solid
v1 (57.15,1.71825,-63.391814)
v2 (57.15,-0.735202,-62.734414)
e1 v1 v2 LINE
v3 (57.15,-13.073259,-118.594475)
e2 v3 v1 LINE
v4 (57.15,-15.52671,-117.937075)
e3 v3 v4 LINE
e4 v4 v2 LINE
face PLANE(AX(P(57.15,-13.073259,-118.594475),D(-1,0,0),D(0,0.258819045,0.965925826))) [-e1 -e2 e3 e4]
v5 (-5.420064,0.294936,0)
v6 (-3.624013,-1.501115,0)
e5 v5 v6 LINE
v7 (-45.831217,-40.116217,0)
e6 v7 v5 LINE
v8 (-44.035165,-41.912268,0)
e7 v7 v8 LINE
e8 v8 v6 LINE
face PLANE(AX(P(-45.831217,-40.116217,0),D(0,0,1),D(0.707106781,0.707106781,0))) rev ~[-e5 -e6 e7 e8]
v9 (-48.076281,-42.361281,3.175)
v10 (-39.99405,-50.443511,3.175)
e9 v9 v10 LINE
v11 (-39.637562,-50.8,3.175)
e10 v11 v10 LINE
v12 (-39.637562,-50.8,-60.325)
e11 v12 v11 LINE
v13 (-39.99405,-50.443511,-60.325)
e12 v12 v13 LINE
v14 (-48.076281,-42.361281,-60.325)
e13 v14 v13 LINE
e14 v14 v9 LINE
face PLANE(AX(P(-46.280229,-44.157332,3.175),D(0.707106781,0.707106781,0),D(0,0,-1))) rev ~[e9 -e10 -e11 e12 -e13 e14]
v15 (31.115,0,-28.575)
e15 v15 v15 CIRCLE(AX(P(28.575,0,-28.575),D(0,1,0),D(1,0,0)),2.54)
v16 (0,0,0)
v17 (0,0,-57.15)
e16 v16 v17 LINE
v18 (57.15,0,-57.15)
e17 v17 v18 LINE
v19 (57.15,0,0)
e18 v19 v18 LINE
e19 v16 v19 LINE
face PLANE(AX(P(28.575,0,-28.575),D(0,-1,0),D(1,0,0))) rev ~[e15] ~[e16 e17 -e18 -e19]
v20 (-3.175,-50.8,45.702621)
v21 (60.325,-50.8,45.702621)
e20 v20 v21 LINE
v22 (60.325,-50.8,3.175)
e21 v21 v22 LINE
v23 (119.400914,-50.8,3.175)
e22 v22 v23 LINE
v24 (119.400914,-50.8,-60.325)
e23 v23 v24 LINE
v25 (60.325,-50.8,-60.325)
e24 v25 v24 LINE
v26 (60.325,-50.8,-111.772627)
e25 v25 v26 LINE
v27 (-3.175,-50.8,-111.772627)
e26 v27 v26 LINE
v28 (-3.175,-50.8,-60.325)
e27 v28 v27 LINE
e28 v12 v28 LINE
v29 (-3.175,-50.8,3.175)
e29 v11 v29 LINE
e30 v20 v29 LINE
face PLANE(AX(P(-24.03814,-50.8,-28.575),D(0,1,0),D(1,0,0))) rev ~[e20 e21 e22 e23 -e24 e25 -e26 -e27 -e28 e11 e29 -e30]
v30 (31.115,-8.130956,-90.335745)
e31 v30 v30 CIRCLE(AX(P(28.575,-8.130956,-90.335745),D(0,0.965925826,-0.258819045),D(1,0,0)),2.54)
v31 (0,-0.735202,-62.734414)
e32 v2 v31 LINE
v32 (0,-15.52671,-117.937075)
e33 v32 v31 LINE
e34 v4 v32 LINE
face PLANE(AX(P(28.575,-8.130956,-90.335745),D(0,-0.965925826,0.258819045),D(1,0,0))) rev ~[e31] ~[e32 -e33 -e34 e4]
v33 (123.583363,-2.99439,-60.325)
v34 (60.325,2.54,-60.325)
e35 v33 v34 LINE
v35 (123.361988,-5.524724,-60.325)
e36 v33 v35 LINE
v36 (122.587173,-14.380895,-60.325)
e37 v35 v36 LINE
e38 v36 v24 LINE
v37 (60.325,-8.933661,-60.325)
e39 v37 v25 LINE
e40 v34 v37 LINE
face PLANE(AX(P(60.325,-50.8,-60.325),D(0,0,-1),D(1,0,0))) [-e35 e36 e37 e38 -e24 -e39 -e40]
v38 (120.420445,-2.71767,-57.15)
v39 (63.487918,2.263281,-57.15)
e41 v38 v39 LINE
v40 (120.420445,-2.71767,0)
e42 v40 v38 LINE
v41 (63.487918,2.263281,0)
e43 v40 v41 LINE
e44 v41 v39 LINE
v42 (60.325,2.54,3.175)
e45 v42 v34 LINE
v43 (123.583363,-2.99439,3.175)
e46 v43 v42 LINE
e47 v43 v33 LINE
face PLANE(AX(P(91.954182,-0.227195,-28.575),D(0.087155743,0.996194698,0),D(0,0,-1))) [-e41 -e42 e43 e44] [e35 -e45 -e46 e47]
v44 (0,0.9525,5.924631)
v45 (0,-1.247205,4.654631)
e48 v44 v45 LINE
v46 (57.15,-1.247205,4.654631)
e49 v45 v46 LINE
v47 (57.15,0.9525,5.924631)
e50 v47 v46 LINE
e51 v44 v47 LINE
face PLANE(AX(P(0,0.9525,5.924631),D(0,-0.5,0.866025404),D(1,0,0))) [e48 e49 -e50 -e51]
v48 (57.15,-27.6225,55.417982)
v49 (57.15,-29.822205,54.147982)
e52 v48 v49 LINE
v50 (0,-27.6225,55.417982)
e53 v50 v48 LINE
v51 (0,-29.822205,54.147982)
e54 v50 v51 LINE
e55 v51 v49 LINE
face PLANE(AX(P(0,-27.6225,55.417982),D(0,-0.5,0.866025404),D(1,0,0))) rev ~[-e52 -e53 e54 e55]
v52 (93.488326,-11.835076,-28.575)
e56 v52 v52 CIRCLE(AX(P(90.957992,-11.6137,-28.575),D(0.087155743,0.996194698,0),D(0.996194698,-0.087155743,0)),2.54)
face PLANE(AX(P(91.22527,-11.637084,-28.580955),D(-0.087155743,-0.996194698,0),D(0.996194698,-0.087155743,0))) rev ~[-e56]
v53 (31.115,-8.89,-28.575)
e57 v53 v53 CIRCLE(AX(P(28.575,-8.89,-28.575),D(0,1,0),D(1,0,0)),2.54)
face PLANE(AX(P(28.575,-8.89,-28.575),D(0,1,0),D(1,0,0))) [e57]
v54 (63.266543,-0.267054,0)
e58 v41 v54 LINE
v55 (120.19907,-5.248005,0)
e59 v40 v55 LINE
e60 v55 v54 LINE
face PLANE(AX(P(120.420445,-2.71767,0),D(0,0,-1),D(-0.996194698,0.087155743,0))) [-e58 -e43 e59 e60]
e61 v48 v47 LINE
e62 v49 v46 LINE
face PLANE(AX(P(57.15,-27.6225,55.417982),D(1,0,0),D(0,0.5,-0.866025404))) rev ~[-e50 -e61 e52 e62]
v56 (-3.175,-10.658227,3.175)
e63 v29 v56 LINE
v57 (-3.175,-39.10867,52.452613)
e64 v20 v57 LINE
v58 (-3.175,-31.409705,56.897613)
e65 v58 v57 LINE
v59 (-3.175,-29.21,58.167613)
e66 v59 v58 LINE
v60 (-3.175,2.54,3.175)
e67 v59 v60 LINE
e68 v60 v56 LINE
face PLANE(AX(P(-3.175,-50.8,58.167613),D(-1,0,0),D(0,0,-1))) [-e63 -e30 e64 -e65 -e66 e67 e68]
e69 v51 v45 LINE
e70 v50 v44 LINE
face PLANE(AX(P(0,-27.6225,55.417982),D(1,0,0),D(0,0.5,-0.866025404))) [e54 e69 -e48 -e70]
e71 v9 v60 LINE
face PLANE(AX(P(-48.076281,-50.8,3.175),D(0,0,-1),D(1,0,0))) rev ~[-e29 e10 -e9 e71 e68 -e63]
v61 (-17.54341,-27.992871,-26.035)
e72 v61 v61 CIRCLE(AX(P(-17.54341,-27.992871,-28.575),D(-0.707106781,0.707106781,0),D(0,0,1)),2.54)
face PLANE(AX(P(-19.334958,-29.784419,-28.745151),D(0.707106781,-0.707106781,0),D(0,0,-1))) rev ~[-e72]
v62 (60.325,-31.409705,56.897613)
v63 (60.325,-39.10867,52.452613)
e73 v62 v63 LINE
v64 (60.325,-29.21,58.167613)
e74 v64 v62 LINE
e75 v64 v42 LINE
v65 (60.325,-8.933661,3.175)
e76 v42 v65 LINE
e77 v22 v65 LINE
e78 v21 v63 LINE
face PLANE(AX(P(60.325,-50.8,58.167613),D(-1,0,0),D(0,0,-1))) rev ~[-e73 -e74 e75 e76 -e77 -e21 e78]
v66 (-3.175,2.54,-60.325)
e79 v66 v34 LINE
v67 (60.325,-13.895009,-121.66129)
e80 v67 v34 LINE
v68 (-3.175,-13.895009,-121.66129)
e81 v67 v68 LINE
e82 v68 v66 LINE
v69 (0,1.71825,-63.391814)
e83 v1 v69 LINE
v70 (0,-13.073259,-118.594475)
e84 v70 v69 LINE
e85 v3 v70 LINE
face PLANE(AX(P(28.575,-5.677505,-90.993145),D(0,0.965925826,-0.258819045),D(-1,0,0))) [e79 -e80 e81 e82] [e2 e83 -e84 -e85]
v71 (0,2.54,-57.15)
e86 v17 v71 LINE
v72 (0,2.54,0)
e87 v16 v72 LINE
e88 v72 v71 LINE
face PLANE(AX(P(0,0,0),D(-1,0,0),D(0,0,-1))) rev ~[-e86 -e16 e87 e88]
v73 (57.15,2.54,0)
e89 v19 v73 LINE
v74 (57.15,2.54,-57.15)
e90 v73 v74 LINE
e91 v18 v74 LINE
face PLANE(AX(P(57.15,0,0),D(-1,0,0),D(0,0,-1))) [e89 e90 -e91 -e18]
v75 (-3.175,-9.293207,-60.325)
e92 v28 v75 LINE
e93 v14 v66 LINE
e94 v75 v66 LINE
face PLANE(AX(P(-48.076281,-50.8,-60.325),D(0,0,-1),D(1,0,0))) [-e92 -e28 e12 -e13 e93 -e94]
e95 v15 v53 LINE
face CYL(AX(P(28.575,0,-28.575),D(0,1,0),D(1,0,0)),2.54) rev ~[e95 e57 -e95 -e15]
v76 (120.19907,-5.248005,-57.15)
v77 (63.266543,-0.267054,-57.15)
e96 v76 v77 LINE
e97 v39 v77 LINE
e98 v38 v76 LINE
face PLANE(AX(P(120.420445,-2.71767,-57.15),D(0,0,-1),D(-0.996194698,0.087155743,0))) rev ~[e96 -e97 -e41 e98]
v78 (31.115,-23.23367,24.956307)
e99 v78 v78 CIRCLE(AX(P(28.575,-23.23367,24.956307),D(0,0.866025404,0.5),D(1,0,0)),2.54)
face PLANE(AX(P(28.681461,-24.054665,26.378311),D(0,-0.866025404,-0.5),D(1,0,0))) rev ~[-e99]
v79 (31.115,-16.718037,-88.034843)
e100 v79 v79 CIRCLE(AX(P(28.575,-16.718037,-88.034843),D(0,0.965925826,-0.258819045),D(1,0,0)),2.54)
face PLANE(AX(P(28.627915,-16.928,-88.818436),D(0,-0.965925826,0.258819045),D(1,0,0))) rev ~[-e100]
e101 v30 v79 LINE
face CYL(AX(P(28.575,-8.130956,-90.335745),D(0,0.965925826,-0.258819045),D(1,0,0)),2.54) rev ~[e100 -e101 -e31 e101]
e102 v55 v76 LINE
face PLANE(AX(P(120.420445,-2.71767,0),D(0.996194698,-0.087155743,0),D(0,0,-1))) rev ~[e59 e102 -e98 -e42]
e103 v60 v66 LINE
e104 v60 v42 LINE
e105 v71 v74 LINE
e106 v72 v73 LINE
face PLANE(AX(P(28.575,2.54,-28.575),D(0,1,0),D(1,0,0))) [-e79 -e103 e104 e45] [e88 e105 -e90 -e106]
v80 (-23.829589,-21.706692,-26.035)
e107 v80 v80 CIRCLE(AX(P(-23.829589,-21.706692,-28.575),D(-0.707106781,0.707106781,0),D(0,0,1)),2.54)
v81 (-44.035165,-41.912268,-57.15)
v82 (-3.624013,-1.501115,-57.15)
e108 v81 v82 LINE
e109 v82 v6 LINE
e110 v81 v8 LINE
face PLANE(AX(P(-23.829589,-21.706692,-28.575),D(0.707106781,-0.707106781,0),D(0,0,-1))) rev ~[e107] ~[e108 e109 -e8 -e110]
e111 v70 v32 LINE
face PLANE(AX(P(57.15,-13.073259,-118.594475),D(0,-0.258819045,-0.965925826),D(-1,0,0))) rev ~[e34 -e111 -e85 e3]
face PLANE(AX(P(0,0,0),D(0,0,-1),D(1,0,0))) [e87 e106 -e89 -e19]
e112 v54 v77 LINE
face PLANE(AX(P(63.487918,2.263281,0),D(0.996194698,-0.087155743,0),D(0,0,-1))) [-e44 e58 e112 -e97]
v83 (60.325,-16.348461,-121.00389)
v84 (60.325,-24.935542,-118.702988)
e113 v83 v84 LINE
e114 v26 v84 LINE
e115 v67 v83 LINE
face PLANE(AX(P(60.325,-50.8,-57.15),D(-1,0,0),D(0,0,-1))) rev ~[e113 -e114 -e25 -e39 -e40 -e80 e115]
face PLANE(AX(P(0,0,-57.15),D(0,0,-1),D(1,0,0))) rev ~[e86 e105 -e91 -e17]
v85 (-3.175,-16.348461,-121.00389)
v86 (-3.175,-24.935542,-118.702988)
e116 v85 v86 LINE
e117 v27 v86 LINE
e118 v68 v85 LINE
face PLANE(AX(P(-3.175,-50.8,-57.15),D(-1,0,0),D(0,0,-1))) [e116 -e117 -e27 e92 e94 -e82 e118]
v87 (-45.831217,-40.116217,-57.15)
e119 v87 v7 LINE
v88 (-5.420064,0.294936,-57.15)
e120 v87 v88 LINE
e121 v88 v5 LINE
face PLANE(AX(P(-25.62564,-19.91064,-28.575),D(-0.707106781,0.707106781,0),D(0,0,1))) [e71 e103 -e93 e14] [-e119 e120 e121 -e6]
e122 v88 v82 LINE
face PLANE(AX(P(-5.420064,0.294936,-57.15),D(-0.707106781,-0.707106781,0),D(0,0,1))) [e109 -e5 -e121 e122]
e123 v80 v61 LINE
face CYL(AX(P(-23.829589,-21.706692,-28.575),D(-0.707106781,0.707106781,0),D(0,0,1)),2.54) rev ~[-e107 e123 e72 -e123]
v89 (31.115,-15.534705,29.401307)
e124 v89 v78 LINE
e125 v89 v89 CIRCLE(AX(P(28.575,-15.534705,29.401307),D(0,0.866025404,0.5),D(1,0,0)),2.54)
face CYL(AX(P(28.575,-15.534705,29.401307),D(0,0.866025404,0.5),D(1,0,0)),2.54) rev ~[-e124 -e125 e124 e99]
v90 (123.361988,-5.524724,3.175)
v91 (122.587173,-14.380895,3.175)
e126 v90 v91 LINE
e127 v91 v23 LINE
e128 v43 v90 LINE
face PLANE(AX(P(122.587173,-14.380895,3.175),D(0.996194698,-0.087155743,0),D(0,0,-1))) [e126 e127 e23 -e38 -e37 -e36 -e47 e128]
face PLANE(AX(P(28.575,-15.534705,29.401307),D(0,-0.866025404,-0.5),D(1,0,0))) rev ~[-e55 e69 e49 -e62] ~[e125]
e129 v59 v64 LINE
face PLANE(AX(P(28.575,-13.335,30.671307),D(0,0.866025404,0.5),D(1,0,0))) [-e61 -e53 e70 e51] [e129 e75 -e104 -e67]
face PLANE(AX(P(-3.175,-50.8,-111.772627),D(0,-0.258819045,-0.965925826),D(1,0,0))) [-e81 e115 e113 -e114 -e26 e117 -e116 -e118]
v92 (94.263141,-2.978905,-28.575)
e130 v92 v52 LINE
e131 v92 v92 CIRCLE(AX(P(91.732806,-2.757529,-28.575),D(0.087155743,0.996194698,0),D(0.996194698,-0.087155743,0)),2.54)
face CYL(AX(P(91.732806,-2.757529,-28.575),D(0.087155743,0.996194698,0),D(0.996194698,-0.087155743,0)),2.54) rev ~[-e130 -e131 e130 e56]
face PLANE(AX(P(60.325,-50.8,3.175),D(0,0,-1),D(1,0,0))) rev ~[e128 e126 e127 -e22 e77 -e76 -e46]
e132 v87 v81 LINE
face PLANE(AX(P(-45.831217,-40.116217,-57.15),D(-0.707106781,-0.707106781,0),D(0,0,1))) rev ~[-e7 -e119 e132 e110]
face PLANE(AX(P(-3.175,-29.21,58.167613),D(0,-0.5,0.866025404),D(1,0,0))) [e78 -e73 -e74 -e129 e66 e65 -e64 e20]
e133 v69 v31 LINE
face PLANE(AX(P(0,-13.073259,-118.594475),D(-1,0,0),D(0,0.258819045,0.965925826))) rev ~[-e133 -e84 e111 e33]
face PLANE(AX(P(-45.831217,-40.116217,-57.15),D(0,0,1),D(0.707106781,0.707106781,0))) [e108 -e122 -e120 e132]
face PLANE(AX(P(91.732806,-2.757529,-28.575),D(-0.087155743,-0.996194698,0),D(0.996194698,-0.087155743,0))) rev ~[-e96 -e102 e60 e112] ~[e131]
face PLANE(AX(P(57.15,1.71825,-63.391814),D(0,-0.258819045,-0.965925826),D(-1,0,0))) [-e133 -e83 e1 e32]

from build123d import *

# Parameters (mm, degrees)
SKETCH1_W            = 63.5
SKETCH1_H            = 63.5
SKETCH1_W_2          = 57.15
SKETCH1_H_2          = 57.15
BOSS_EXTRUDE1_DEPTH  = 2.54
SKETCH2_W            = 63.5
SKETCH2_H            = 63.5
BOSS_EXTRUDE2_DEPTH  = 8.89
SKETCH3_R            = 2.54
CUT_EXTRUDE1_DEPTH   = 8.89
SKETCH4_W            = 63.5
SKETCH4_H            = 63.5
SKETCH4_W_2          = 57.15
SKETCH4_H_2          = 57.15
BOSS_EXTRUDE3_DEPTH  = 2.54
SKETCH5_W            = 63.5
SKETCH5_H            = 63.5
BOSS_EXTRUDE4_DEPTH  = 8.89
SKETCH6_R            = 2.54
CUT_EXTRUDE2_DEPTH   = 8.89
SKETCH7_W            = 63.5
SKETCH7_H            = 63.5
SKETCH7_W_2          = 57.15
SKETCH7_H_2          = 57.15
BOSS_EXTRUDE5_DEPTH  = 2.54
SKETCH8_W            = 63.5
SKETCH8_H            = 63.5
BOSS_EXTRUDE6_DEPTH  = 8.89
SKETCH9_R            = 2.54
CUT_EXTRUDE3_DEPTH   = 8.89
SKETCH10_W           = 63.5
SKETCH10_H           = 63.5
SKETCH10_W_2         = 57.15
SKETCH10_H_2         = 57.15
BOSS_EXTRUDE7_DEPTH  = 2.54
SKETCH11_W           = 63.5
SKETCH11_H           = 63.5
BOSS_EXTRUDE8_DEPTH  = 8.89
SKETCH12_R           = 2.54
CUT_EXTRUDE4_DEPTH   = 8.89
SKETCH14_W           = 63.5
SKETCH14_H           = 63.5
SKETCH14_W_2         = 57.15
SKETCH14_H_2         = 57.15
BOSS_EXTRUDE10_DEPTH = 2.54
SKETCH15_W           = 63.5
SKETCH15_H           = 63.5
BOSS_EXTRUDE11_DEPTH = 8.89
SKETCH16_R           = 2.54
CUT_EXTRUDE5_DEPTH   = 8.89
BOSS_EXTRUDE12_REACH = 55.34
SKETCH18_W           = 63.258363329
SKETCH18_H           = 63.5
CUT_EXTRUDE7_REACH   = 53.155
SKETCH19_W           = 21.300485008
SKETCH19_H           = 63.5
BOSS_EXTRUDE15_REACH = 55.34
SKETCH20_W           = 63.5
SKETCH20_H           = 58.16761314
CUT_EXTRUDE8_START   = -13.499985
SKETCH21_W           = 63.5
SKETCH21_H           = 36.305948049
CUT_EXTRUDE8_DEPTH   = 13.499985
BOSS_EXTRUDE16_REACH = 55.34
SKETCH22_W           = 48.076280605
SKETCH22_H           = 63.5
CUT_EXTRUDE9_START   = -0.504151
SKETCH23_W           = 63.5
SKETCH23_H           = 4.915504187
CUT_EXTRUDE9_DEPTH   = 0.504151
BOSS_EXTRUDE18_REACH = 55.34
SKETCH24_W           = 63.5
SKETCH24_H           = 64.511289969
CUT_EXTRUDE10_START  = -26.776858
SKETCH25_W           = 63.5
SKETCH25_H           = 23.443872205
CUT_EXTRUDE10_DEPTH  = 26.776858
SKETCH26_W           = 63.5
SKETCH26_H           = 63.5
BOSS_EXTRUDE19_DEPTH = 41.91


with BuildPart() as part:
    # Sketch1 → Boss-Extrude1 (new body)
    with BuildSketch(Plane(origin=(0, 0, 0), x_dir=(1, 0, 0), z_dir=(0, 1, 0))):
        with Locations((28.575, 28.575)):
            Rectangle(SKETCH1_W, SKETCH1_H)
        with Locations((28.575, 28.575)):
            Rectangle(SKETCH1_W_2, SKETCH1_H_2, mode=Mode.SUBTRACT)
    extrude(amount=BOSS_EXTRUDE1_DEPTH)

    # Sketch2 → Boss-Extrude2 (add)
    with BuildSketch(Plane.XZ):
        with Locations((28.575, -28.575)):
            Rectangle(SKETCH2_W, SKETCH2_H)
    extrude(amount=BOSS_EXTRUDE2_DEPTH)

    # Sketch3 → Cut-Extrude1 (cut)
    with BuildSketch(Plane(origin=(0, 0, 0), x_dir=(1, 0, 0), z_dir=(0, 1, 0))):
        with Locations((28.575, 28.575)):
            Circle(SKETCH3_R)
    extrude(amount=-CUT_EXTRUDE1_DEPTH, mode=Mode.SUBTRACT)



with BuildPart() as body_2:
    # Sketch4 → Boss-Extrude3 (new body)
    with BuildSketch(Plane(origin=(0.678769335, 7.758369005, 0), x_dir=(0, 0, -1), z_dir=(0.087155743, 0.996194698, 0))):
        with Locations((28.575, -91.624069576)):
            Rectangle(SKETCH4_W, SKETCH4_H)
        with Locations((28.575, -91.624069576)):
            Rectangle(SKETCH4_W_2, SKETCH4_H_2, mode=Mode.SUBTRACT)
    extrude(amount=-BOSS_EXTRUDE3_DEPTH)

    # Sketch5 → Boss-Extrude4 (add)
    with BuildSketch(Plane(origin=(0.457393749, 5.228034472, 0), x_dir=(0.996194698, -0.087155743, 0), z_dir=(-0.087155743, -0.996194698, 0))):
        with Locations((91.624069576, -28.575)):
            Rectangle(SKETCH5_W, SKETCH5_H)
    extrude(amount=BOSS_EXTRUDE4_DEPTH)

    # Sketch6 → Cut-Extrude2 (cut)
    with BuildSketch(Plane(origin=(0.457393749, 5.228034472, 0), x_dir=(0.996194698, -0.087155743, 0), z_dir=(0.087155743, 0.996194698, 0))):
        with Locations((91.624069576, 28.575)):
            Circle(SKETCH6_R)
    extrude(amount=-CUT_EXTRUDE2_DEPTH, mode=Mode.SUBTRACT)


with BuildPart() as part_1:
    add(part.part)

    add(body_2.part)  # Boss-Extrude5 merges body 2
    # Sketch7 → Boss-Extrude5 (add)
    with BuildSketch(Plane(origin=(0, 17.451102263, -4.676008758), x_dir=(-1, 0, 0), z_dir=(0, 0.965925826, -0.258819045))):
        with Locations((-28.575, -89.362075096)):
            Rectangle(SKETCH7_W, SKETCH7_H)
        with Locations((-28.575, -89.362075096)):
            Rectangle(SKETCH7_W_2, SKETCH7_H_2, mode=Mode.SUBTRACT)
    extrude(amount=-BOSS_EXTRUDE5_DEPTH)

    # Sketch8 → Boss-Extrude6 (add)
    with BuildSketch(Plane(origin=(0, 14.997650664, -4.018608384), x_dir=(1, 0, 0), z_dir=(0, -0.965925826, 0.258819045))):
        with Locations((28.575, -89.362075096)):
            Rectangle(SKETCH8_W, SKETCH8_H)
    extrude(amount=BOSS_EXTRUDE6_DEPTH)

    # Sketch9 → Cut-Extrude3 (cut)
    with BuildSketch(Plane(origin=(0, 14.997650664, -4.018608384), x_dir=(1, 0, 0), z_dir=(0, 0.965925826, -0.258819045))):
        with Locations((28.575, 89.362075096)):
            Circle(SKETCH9_R)
    extrude(amount=-CUT_EXTRUDE3_DEPTH, mode=Mode.SUBTRACT)

    # Sketch10 → Boss-Extrude7 (add)
    with BuildSketch(Plane(origin=(0, 3.279815329, 1.893602263), x_dir=(1, 0, 0), z_dir=(0, 0.866025404, 0.5))):
        with Locations((28.575, -33.229630657)):
            Rectangle(SKETCH10_W, SKETCH10_H)
        with Locations((28.575, -33.229630657)):
            Rectangle(SKETCH10_W_2, SKETCH10_H_2, mode=Mode.SUBTRACT)
    extrude(amount=-BOSS_EXTRUDE7_DEPTH)

    # Sketch11 → Boss-Extrude8 (add)
    with BuildSketch(Plane(origin=(0, 1.080110803, 0.623602263), x_dir=(1, 0, 0), z_dir=(0, -0.866025404, -0.5))):
        with Locations((28.575, 33.229630657)):
            Rectangle(SKETCH11_W, SKETCH11_H)
    extrude(amount=BOSS_EXTRUDE8_DEPTH)

    # Sketch12 → Cut-Extrude4 (cut)
    with BuildSketch(Plane(origin=(0, 1.080110803, 0.623602263), x_dir=(1, 0, 0), z_dir=(0, 0.866025404, 0.5))):
        with Locations((28.575, -33.229630657)):
            Circle(SKETCH12_R)
    extrude(amount=-CUT_EXTRUDE4_DEPTH, mode=Mode.SUBTRACT)

    # Sketch14 → Boss-Extrude10 (add)
    with BuildSketch(Plane(origin=(-2.8575, 2.8575, 0), x_dir=(0, 0, 1), z_dir=(-0.707106781, 0.707106781, 0))):
        with Locations((-28.575, -32.199012806)):
            Rectangle(SKETCH14_W, SKETCH14_H)
        with Locations((-28.575, -32.199012806)):
            Rectangle(SKETCH14_W_2, SKETCH14_H_2, mode=Mode.SUBTRACT)
    extrude(amount=-BOSS_EXTRUDE10_DEPTH)

    # Sketch15 → Boss-Extrude11 (add)
    with BuildSketch(Plane(origin=(-1.061448776, 1.061448776, 0), x_dir=(0, 0, -1), z_dir=(0.707106781, -0.707106781, 0))):
        with Locations((28.575, -32.199012806)):
            Rectangle(SKETCH15_W, SKETCH15_H)
    extrude(amount=BOSS_EXTRUDE11_DEPTH)

    # Sketch16 → Cut-Extrude5 (cut)
    with BuildSketch(Plane(origin=(-1.061448776, 1.061448776, 0), x_dir=(0, 0, 1), z_dir=(-0.707106781, 0.707106781, 0))):
        with Locations((-28.575, -32.199012806)):
            Circle(SKETCH16_R)
    extrude(amount=-CUT_EXTRUDE5_DEPTH, mode=Mode.SUBTRACT)

    # Boss-Extrude12: up to this face of the body (flat: up to its plane)
    boss_extrude12_end = Plane(part_1.part.faces().sort_by_distance((60.351110962, -8.935945156, -58.051047878))[0])
    # Sketch18 → Boss-Extrude12 (add, up to the picked face)
    with BuildSketch(Plane(origin=(0, -50.8, 0), x_dir=(1, 0, 0), z_dir=(0, 1, 0)), mode=Mode.PRIVATE) as boss_extrude12_sk1:
        with Locations((91.954181664, 28.575)):
            Rectangle(SKETCH18_W, SKETCH18_H)
    boss_extrude12_tool1 = split(extrude(boss_extrude12_sk1.sketch, amount=BOSS_EXTRUDE12_REACH, mode=Mode.PRIVATE), bisect_by=boss_extrude12_end, keep=Keep.BOTH, mode=Mode.PRIVATE)
    add(boss_extrude12_tool1.solids().sort_by_distance((91.954182, -50.8, -28.575))[0])

    # Cut-Extrude7: up to this face of the body (flat: up to its plane)
    cut_extrude7_end = Plane(part_1.part.faces().sort_by_distance((91.954181664, -50.8, -28.575))[0])
    # Sketch19 → Cut-Extrude7 (cut, up to the picked face)
    with BuildSketch(Plane(origin=(-0.317420804, -3.628136394, 0), x_dir=(0.996194698, -0.087155743, 0), z_dir=(0.087155743, 0.996194698, 0)), mode=Mode.PRIVATE) as cut_extrude7_sk1:
        with Locations((134.02431208, 28.575)):
            Rectangle(SKETCH19_W, SKETCH19_H)
    cut_extrude7_tool1 = split(extrude(cut_extrude7_sk1.sketch, amount=-CUT_EXTRUDE7_REACH, mode=Mode.PRIVATE), bisect_by=cut_extrude7_end, keep=Keep.BOTH, mode=Mode.PRIVATE)
    add(cut_extrude7_tool1.solids().sort_by_distance((133.196888, -15.309125, -28.575))[0], mode=Mode.SUBTRACT)

    # Boss-Extrude15: up to this face of the body (flat: up to its plane)
    boss_extrude15_end = Plane(part_1.part.faces().sort_by_distance((-1.691883068, -11.096545593, 3.934189806))[0])
    # Sketch20 → Boss-Extrude15 (add, up to the picked face)
    with BuildSketch(Plane(origin=(0, -50.8, 0), x_dir=(1, 0, 0), z_dir=(0, 1, 0)), mode=Mode.PRIVATE) as boss_extrude15_sk1:
        with Locations((28.575, -29.08380657)):
            Rectangle(SKETCH20_W, SKETCH20_H)
    boss_extrude15_tool1 = split(extrude(boss_extrude15_sk1.sketch, amount=BOSS_EXTRUDE15_REACH, mode=Mode.PRIVATE), bisect_by=boss_extrude15_end, keep=Keep.BOTH, mode=Mode.PRIVATE)
    add(boss_extrude15_tool1.solids().sort_by_distance((28.575, -50.8, 29.083807))[0])

    # Sketch21 → Cut-Extrude8 (cut)
    with BuildSketch(Plane(origin=(0, -6.618855037, -3.821397737), x_dir=(1, 0, 0), z_dir=(0, 0.866025404, 0.5)).offset(CUT_EXTRUDE8_START)):
        with Locations((28.575, -83.132604681)):
            Rectangle(SKETCH21_W, SKETCH21_H)
    extrude(amount=CUT_EXTRUDE8_DEPTH, mode=Mode.SUBTRACT)

    # Boss-Extrude16: up to this face of the body (flat: up to its plane)
    boss_extrude16_end = Plane(part_1.part.faces().sort_by_distance((-3.786785852, -14.23624687, 1.5875))[0])
    # Sketch22 → Boss-Extrude16 (add, up to the picked face)
    with BuildSketch(Plane(origin=(0, -50.8, 0), x_dir=(1, 0, 0), z_dir=(0, 1, 0)), mode=Mode.PRIVATE) as boss_extrude16_sk1:
        with Locations((-24.038140303, 28.575)):
            Rectangle(SKETCH22_W, SKETCH22_H)
    boss_extrude16_tool1 = split(extrude(boss_extrude16_sk1.sketch, amount=BOSS_EXTRUDE16_REACH, mode=Mode.PRIVATE), bisect_by=boss_extrude16_end, keep=Keep.BOTH, mode=Mode.PRIVATE)
    add(boss_extrude16_tool1.solids().sort_by_distance((-24.03814, -50.8, -28.575))[0])

    # Sketch23 → Cut-Extrude9 (cut)
    with BuildSketch(Plane(origin=(5.224730509, -5.224730509, 0), x_dir=(0, 0, 1), z_dir=(-0.707106781, 0.707106781, 0)).offset(CUT_EXTRUDE9_START)):
        with Locations((-28.575, -66.4067649)):
            Rectangle(SKETCH23_W, SKETCH23_H)
    extrude(amount=CUT_EXTRUDE9_DEPTH, mode=Mode.SUBTRACT)

    # Boss-Extrude18: up to this face of the body (flat: up to its plane)
    boss_extrude18_end = Plane(part_1.part.faces().sort_by_distance((-1.009372862, -9.522895431, -61.182209856))[0])
    # Sketch24 → Boss-Extrude18 (add, up to the picked face)
    with BuildSketch(Plane(origin=(0, -50.8, 0), x_dir=(1, 0, 0), z_dir=(0, 1, 0)), mode=Mode.PRIVATE) as boss_extrude18_sk1:
        with Locations((28.575, 89.405644985)):
            Rectangle(SKETCH24_W, SKETCH24_H)
    boss_extrude18_tool1 = split(extrude(boss_extrude18_sk1.sketch, amount=BOSS_EXTRUDE18_REACH, mode=Mode.PRIVATE), bisect_by=boss_extrude18_end, keep=Keep.BOTH, mode=Mode.PRIVATE)
    add(boss_extrude18_tool1.solids().sort_by_distance((28.575, -50.8, -89.405645))[0])

    # Sketch25 → Cut-Extrude10 (cut)
    with BuildSketch(Plane(origin=(0, 6.410570068, -1.717707073), x_dir=(1, 0, 0), z_dir=(0, 0.965925826, -0.258819045)).offset(CUT_EXTRUDE10_START)):
        with Locations((28.575, 132.834011199)):
            Rectangle(SKETCH25_W, SKETCH25_H)
    extrude(amount=CUT_EXTRUDE10_DEPTH, mode=Mode.SUBTRACT)

    # Sketch26 → Boss-Extrude19 (add)
    with BuildSketch(Plane(origin=(0, -50.8, 0), x_dir=(1, 0, 0), z_dir=(0, 1, 0))):
        with Locations((28.575, 28.575)):
            Rectangle(SKETCH26_W, SKETCH26_H)
    extrude(amount=BOSS_EXTRUDE19_DEPTH)


solid = part_1.part
